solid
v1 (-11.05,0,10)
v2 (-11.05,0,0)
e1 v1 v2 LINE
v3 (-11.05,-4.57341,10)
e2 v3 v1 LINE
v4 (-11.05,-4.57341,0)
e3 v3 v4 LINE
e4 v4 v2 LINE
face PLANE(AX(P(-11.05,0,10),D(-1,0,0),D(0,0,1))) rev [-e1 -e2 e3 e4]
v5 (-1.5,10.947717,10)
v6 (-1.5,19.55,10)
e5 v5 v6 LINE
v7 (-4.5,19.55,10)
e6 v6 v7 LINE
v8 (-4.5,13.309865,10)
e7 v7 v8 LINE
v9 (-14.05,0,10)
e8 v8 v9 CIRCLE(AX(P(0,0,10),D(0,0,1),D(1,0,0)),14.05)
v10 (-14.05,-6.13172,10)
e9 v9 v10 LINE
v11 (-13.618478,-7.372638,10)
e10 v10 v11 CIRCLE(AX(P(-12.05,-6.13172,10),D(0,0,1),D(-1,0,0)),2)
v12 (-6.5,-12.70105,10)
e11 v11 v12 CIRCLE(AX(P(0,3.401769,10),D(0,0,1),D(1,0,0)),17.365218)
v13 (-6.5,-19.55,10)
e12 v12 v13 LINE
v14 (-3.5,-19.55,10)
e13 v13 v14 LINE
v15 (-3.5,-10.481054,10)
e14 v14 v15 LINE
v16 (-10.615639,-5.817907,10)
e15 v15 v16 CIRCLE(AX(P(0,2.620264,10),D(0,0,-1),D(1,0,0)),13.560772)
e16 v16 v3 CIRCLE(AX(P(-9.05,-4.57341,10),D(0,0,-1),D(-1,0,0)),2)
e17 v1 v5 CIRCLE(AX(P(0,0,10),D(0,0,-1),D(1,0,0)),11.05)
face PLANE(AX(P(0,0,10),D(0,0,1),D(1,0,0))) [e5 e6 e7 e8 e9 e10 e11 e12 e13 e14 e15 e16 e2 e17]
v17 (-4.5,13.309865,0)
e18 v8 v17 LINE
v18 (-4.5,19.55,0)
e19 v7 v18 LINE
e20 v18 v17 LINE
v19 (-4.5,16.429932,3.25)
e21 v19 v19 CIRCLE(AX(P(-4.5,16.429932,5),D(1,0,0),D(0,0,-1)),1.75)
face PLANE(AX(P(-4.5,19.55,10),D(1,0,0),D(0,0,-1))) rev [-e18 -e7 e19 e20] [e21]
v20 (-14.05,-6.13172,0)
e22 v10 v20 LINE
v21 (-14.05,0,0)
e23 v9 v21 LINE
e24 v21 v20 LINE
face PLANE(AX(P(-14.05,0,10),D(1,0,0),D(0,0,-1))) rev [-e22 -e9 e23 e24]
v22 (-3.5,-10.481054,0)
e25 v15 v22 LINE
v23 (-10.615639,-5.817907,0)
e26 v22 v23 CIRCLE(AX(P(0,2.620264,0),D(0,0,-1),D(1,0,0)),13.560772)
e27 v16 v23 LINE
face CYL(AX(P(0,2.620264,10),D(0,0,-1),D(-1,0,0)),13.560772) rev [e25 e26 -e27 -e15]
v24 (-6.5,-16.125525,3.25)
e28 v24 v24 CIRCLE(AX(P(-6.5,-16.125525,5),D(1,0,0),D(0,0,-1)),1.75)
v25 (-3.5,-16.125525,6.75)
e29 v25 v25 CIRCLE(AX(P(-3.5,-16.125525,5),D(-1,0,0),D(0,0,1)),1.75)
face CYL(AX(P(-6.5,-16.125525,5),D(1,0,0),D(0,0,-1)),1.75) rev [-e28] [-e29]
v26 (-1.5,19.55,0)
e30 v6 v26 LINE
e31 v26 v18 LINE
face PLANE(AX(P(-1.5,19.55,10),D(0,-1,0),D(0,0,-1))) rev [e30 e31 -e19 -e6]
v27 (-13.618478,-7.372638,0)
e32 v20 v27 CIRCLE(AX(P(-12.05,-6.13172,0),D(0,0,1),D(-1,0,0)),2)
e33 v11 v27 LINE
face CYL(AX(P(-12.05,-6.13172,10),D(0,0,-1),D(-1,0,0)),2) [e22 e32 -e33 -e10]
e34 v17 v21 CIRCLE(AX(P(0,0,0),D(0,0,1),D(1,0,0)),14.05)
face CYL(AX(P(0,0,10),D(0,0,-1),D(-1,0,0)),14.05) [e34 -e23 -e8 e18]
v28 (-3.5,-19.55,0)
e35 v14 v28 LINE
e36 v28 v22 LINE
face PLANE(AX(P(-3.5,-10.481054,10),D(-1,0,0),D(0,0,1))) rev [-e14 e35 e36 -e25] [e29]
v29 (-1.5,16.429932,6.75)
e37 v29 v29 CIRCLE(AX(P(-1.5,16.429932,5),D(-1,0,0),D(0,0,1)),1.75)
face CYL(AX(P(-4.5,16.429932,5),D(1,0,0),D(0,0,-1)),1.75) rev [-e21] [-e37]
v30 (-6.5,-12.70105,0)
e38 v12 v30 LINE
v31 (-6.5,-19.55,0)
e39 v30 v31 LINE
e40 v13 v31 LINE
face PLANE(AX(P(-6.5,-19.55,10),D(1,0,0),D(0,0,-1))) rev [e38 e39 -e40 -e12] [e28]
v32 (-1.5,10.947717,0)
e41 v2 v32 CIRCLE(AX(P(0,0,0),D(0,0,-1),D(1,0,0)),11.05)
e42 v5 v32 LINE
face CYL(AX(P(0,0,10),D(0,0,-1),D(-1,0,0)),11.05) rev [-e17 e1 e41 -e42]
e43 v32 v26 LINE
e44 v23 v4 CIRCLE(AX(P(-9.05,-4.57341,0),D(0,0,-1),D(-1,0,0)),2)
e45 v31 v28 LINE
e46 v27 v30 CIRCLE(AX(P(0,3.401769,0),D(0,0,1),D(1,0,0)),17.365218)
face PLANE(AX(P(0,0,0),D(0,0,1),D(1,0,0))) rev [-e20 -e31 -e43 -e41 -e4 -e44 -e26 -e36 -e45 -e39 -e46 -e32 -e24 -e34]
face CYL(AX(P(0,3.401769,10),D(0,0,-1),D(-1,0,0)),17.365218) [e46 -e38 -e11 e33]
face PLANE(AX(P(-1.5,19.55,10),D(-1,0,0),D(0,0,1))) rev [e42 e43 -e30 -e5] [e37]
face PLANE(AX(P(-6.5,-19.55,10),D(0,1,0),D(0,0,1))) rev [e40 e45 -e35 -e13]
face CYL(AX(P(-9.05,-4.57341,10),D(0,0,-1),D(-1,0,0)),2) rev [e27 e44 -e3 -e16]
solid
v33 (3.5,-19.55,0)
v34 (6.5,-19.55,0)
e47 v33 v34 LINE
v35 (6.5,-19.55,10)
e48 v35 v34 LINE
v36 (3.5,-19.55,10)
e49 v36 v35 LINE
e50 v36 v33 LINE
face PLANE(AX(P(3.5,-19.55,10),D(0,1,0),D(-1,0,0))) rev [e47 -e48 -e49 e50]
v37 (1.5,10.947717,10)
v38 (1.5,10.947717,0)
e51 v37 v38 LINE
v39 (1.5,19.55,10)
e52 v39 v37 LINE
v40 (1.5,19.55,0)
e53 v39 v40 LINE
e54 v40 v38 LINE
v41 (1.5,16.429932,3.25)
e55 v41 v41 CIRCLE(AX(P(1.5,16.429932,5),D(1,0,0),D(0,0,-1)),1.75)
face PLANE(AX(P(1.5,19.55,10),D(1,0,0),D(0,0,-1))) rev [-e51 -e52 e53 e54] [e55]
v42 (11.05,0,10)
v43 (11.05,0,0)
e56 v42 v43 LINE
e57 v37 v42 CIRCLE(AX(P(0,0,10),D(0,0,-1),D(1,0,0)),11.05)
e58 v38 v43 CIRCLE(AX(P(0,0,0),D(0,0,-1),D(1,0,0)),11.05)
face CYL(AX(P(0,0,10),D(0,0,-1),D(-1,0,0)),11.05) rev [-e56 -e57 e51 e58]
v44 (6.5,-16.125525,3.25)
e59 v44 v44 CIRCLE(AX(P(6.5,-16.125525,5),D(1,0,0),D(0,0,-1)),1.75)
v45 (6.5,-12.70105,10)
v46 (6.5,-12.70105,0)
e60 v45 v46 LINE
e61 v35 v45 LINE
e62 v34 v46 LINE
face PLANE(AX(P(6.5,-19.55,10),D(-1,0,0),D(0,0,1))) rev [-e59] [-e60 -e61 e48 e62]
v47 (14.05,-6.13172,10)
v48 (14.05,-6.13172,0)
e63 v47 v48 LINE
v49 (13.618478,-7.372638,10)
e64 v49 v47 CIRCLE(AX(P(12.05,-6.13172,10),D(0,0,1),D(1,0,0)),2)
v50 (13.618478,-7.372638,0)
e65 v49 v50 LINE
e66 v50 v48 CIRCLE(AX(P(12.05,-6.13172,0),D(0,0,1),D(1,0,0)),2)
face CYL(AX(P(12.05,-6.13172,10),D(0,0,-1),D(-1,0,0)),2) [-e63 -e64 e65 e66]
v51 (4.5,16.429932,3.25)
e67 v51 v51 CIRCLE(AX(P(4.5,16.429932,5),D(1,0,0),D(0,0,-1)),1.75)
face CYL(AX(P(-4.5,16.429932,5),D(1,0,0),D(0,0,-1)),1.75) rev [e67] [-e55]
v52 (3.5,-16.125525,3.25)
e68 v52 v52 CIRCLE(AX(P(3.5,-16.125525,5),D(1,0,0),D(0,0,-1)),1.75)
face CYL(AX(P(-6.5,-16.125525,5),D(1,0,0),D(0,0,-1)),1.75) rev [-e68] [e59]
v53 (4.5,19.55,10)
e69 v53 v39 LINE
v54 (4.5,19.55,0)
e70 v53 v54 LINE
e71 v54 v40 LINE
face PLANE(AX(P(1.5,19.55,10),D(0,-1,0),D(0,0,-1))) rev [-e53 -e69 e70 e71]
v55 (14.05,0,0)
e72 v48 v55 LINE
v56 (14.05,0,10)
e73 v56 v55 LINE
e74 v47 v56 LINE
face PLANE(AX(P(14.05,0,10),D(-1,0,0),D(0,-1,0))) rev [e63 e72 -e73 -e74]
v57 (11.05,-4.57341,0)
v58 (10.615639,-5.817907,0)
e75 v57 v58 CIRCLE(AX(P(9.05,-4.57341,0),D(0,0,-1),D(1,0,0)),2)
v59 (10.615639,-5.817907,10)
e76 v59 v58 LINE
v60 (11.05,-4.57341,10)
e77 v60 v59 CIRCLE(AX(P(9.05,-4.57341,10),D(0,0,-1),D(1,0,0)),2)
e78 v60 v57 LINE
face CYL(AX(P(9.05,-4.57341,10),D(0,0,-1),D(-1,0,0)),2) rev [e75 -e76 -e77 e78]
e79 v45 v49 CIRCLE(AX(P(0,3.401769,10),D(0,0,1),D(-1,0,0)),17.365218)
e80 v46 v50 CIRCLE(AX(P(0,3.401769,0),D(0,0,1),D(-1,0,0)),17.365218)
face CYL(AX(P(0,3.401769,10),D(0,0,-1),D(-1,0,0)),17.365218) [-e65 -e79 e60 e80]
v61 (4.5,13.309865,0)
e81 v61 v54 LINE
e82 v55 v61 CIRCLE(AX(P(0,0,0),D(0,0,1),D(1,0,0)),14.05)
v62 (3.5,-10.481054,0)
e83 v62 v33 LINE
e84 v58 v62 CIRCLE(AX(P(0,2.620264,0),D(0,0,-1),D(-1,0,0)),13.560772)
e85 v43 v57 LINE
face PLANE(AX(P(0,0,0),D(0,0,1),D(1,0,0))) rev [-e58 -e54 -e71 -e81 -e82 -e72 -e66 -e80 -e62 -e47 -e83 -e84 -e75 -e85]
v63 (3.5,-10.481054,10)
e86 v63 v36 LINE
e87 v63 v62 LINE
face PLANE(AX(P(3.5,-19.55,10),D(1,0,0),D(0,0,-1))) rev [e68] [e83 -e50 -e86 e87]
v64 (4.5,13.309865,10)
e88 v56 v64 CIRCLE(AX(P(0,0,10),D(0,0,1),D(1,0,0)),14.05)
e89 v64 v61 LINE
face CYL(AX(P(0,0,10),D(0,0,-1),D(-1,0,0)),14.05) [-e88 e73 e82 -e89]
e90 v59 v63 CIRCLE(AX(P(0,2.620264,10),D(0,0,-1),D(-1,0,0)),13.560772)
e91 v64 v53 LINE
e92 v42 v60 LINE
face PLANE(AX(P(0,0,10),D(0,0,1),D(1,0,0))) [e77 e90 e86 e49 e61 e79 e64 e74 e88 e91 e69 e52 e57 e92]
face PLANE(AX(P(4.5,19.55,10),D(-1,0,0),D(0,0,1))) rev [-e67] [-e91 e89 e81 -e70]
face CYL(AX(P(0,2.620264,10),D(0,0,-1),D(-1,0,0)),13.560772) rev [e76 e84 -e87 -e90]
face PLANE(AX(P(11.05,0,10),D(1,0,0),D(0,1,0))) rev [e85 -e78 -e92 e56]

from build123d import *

# Parameters (mm, degrees)
BOSS_EXTRUDE1_DEPTH   = 10
BOSS_EXTRUDE1_2_DEPTH = 10
SKETCH3_R             = 1.75
CUT_EXTRUDE1_DEPTH    = 9
SKETCH2_R             = 1.75
CUT_EXTRUDE2_DEPTH    = 13


with BuildPart() as part:
    # Sketch1 → Boss-Extrude1 (new body)
    with BuildSketch(Plane.XY):
        with BuildLine():
            Line((-3.5, -19.55), (-3.5, -13.607075365))
            Line((-3.5, -13.607075365), (-3.5, -10.481054336))
            ThreePointArc((-3.5, -10.481054336), (-7.432970717, -8.721935391), (-10.615639418, -5.817907487))
            ThreePointArc((-10.615639418, -5.817907487), (-10.938290078, -5.232470693), (-11.05, -4.573410314))
            Line((-11.05, -4.573410314), (-11.05, 0))
            ThreePointArc((-11.05, 0), (-8.326989252, 7.263866051), (-1.5, 10.947716657))
            Line((-1.5, 10.947716657), (-1.5, 19.55))
            Line((-1.5, 19.55), (-4.5, 19.55))
            Line((-4.5, 19.55), (-4.5, 13.309864763))
            ThreePointArc((-4.5, 13.309864763), (-11.415504807, 8.190772247), (-14.05, 0))
            Line((-14.05, 0), (-14.05, -6.13172008))
            ThreePointArc((-14.05, -6.13172008), (-13.939041457, -6.788623705), (-13.618477627, -7.372638261))
            ThreePointArc((-13.618477627, -7.372638261), (-10.406069333, -10.500191535), (-6.5, -12.701050206))
            Line((-6.5, -12.701050206), (-6.5, -19.55))
            Line((-6.5, -19.55), (-3.5, -19.55))
        make_face()
    extrude(amount=BOSS_EXTRUDE1_DEPTH)


with BuildPart() as body_2:
    # Sketch1 → Boss-Extrude1 2 (new body)
    with BuildSketch(Plane.XY):
        with BuildLine():
            Line((3.5, -19.55), (3.5, -13.607075365))
            Line((3.5, -13.607075365), (3.5, -10.481054336))
            ThreePointArc((3.5, -10.481054336), (7.432970717, -8.721935391), (10.615639418, -5.817907487))
            ThreePointArc((10.615639418, -5.817907487), (10.938290078, -5.232470693), (11.05, -4.573410314))
            Line((11.05, -4.573410314), (11.05, 0))
            ThreePointArc((11.05, 0), (8.326989252, 7.263866051), (1.5, 10.947716657))
            Line((1.5, 10.947716657), (1.5, 19.55))
            Line((1.5, 19.55), (4.5, 19.55))
            Line((4.5, 19.55), (4.5, 13.309864763))
            ThreePointArc((4.5, 13.309864763), (11.415504807, 8.190772247), (14.05, 0))
            Line((14.05, 0), (14.05, -6.13172008))
            ThreePointArc((14.05, -6.13172008), (13.939041457, -6.788623705), (13.618477627, -7.372638261))
            ThreePointArc((13.618477627, -7.372638261), (10.406069333, -10.500191535), (6.5, -12.701050206))
            Line((6.5, -12.701050206), (6.5, -19.55))
            Line((6.5, -19.55), (3.5, -19.55))
        make_face()
    extrude(amount=BOSS_EXTRUDE1_2_DEPTH)


with BuildPart() as cut_extrude1_tool:
    # Sketch3 → Cut-Extrude1 (new body)
    with BuildSketch(Plane(origin=(4.5, 0, 0), x_dir=(0, 0, -1), z_dir=(1, 0, 0))):
        with Locations((-5, 16.429932381)):
            Circle(SKETCH3_R)
    extrude(amount=-CUT_EXTRUDE1_DEPTH)


with BuildPart() as part_1:
    add(part.part)

    # Cut-Extrude1: cut by cut_extrude1_tool
    add(cut_extrude1_tool.part, mode=Mode.SUBTRACT)


with BuildPart() as body_2_1:
    add(body_2.part)

    # Cut-Extrude1: cut by cut_extrude1_tool
    add(cut_extrude1_tool.part, mode=Mode.SUBTRACT)


with BuildPart() as cut_extrude2_tool:
    # Sketch2 → Cut-Extrude2 (new body)
    with BuildSketch(Plane(origin=(6.5, 0, 0), x_dir=(0, 0, -1), z_dir=(1, 0, 0))):
        with Locations((-5, -16.125525103)):
            Circle(SKETCH2_R)
    extrude(amount=-CUT_EXTRUDE2_DEPTH)


with BuildPart() as part_2:
    add(part_1.part)

    # Cut-Extrude2: cut by cut_extrude2_tool
    add(cut_extrude2_tool.part, mode=Mode.SUBTRACT)


with BuildPart() as body_2_2:
    add(body_2_1.part)

    # Cut-Extrude2: cut by cut_extrude2_tool
    add(cut_extrude2_tool.part, mode=Mode.SUBTRACT)


solid = Compound([part_2.part, body_2_2.part])
